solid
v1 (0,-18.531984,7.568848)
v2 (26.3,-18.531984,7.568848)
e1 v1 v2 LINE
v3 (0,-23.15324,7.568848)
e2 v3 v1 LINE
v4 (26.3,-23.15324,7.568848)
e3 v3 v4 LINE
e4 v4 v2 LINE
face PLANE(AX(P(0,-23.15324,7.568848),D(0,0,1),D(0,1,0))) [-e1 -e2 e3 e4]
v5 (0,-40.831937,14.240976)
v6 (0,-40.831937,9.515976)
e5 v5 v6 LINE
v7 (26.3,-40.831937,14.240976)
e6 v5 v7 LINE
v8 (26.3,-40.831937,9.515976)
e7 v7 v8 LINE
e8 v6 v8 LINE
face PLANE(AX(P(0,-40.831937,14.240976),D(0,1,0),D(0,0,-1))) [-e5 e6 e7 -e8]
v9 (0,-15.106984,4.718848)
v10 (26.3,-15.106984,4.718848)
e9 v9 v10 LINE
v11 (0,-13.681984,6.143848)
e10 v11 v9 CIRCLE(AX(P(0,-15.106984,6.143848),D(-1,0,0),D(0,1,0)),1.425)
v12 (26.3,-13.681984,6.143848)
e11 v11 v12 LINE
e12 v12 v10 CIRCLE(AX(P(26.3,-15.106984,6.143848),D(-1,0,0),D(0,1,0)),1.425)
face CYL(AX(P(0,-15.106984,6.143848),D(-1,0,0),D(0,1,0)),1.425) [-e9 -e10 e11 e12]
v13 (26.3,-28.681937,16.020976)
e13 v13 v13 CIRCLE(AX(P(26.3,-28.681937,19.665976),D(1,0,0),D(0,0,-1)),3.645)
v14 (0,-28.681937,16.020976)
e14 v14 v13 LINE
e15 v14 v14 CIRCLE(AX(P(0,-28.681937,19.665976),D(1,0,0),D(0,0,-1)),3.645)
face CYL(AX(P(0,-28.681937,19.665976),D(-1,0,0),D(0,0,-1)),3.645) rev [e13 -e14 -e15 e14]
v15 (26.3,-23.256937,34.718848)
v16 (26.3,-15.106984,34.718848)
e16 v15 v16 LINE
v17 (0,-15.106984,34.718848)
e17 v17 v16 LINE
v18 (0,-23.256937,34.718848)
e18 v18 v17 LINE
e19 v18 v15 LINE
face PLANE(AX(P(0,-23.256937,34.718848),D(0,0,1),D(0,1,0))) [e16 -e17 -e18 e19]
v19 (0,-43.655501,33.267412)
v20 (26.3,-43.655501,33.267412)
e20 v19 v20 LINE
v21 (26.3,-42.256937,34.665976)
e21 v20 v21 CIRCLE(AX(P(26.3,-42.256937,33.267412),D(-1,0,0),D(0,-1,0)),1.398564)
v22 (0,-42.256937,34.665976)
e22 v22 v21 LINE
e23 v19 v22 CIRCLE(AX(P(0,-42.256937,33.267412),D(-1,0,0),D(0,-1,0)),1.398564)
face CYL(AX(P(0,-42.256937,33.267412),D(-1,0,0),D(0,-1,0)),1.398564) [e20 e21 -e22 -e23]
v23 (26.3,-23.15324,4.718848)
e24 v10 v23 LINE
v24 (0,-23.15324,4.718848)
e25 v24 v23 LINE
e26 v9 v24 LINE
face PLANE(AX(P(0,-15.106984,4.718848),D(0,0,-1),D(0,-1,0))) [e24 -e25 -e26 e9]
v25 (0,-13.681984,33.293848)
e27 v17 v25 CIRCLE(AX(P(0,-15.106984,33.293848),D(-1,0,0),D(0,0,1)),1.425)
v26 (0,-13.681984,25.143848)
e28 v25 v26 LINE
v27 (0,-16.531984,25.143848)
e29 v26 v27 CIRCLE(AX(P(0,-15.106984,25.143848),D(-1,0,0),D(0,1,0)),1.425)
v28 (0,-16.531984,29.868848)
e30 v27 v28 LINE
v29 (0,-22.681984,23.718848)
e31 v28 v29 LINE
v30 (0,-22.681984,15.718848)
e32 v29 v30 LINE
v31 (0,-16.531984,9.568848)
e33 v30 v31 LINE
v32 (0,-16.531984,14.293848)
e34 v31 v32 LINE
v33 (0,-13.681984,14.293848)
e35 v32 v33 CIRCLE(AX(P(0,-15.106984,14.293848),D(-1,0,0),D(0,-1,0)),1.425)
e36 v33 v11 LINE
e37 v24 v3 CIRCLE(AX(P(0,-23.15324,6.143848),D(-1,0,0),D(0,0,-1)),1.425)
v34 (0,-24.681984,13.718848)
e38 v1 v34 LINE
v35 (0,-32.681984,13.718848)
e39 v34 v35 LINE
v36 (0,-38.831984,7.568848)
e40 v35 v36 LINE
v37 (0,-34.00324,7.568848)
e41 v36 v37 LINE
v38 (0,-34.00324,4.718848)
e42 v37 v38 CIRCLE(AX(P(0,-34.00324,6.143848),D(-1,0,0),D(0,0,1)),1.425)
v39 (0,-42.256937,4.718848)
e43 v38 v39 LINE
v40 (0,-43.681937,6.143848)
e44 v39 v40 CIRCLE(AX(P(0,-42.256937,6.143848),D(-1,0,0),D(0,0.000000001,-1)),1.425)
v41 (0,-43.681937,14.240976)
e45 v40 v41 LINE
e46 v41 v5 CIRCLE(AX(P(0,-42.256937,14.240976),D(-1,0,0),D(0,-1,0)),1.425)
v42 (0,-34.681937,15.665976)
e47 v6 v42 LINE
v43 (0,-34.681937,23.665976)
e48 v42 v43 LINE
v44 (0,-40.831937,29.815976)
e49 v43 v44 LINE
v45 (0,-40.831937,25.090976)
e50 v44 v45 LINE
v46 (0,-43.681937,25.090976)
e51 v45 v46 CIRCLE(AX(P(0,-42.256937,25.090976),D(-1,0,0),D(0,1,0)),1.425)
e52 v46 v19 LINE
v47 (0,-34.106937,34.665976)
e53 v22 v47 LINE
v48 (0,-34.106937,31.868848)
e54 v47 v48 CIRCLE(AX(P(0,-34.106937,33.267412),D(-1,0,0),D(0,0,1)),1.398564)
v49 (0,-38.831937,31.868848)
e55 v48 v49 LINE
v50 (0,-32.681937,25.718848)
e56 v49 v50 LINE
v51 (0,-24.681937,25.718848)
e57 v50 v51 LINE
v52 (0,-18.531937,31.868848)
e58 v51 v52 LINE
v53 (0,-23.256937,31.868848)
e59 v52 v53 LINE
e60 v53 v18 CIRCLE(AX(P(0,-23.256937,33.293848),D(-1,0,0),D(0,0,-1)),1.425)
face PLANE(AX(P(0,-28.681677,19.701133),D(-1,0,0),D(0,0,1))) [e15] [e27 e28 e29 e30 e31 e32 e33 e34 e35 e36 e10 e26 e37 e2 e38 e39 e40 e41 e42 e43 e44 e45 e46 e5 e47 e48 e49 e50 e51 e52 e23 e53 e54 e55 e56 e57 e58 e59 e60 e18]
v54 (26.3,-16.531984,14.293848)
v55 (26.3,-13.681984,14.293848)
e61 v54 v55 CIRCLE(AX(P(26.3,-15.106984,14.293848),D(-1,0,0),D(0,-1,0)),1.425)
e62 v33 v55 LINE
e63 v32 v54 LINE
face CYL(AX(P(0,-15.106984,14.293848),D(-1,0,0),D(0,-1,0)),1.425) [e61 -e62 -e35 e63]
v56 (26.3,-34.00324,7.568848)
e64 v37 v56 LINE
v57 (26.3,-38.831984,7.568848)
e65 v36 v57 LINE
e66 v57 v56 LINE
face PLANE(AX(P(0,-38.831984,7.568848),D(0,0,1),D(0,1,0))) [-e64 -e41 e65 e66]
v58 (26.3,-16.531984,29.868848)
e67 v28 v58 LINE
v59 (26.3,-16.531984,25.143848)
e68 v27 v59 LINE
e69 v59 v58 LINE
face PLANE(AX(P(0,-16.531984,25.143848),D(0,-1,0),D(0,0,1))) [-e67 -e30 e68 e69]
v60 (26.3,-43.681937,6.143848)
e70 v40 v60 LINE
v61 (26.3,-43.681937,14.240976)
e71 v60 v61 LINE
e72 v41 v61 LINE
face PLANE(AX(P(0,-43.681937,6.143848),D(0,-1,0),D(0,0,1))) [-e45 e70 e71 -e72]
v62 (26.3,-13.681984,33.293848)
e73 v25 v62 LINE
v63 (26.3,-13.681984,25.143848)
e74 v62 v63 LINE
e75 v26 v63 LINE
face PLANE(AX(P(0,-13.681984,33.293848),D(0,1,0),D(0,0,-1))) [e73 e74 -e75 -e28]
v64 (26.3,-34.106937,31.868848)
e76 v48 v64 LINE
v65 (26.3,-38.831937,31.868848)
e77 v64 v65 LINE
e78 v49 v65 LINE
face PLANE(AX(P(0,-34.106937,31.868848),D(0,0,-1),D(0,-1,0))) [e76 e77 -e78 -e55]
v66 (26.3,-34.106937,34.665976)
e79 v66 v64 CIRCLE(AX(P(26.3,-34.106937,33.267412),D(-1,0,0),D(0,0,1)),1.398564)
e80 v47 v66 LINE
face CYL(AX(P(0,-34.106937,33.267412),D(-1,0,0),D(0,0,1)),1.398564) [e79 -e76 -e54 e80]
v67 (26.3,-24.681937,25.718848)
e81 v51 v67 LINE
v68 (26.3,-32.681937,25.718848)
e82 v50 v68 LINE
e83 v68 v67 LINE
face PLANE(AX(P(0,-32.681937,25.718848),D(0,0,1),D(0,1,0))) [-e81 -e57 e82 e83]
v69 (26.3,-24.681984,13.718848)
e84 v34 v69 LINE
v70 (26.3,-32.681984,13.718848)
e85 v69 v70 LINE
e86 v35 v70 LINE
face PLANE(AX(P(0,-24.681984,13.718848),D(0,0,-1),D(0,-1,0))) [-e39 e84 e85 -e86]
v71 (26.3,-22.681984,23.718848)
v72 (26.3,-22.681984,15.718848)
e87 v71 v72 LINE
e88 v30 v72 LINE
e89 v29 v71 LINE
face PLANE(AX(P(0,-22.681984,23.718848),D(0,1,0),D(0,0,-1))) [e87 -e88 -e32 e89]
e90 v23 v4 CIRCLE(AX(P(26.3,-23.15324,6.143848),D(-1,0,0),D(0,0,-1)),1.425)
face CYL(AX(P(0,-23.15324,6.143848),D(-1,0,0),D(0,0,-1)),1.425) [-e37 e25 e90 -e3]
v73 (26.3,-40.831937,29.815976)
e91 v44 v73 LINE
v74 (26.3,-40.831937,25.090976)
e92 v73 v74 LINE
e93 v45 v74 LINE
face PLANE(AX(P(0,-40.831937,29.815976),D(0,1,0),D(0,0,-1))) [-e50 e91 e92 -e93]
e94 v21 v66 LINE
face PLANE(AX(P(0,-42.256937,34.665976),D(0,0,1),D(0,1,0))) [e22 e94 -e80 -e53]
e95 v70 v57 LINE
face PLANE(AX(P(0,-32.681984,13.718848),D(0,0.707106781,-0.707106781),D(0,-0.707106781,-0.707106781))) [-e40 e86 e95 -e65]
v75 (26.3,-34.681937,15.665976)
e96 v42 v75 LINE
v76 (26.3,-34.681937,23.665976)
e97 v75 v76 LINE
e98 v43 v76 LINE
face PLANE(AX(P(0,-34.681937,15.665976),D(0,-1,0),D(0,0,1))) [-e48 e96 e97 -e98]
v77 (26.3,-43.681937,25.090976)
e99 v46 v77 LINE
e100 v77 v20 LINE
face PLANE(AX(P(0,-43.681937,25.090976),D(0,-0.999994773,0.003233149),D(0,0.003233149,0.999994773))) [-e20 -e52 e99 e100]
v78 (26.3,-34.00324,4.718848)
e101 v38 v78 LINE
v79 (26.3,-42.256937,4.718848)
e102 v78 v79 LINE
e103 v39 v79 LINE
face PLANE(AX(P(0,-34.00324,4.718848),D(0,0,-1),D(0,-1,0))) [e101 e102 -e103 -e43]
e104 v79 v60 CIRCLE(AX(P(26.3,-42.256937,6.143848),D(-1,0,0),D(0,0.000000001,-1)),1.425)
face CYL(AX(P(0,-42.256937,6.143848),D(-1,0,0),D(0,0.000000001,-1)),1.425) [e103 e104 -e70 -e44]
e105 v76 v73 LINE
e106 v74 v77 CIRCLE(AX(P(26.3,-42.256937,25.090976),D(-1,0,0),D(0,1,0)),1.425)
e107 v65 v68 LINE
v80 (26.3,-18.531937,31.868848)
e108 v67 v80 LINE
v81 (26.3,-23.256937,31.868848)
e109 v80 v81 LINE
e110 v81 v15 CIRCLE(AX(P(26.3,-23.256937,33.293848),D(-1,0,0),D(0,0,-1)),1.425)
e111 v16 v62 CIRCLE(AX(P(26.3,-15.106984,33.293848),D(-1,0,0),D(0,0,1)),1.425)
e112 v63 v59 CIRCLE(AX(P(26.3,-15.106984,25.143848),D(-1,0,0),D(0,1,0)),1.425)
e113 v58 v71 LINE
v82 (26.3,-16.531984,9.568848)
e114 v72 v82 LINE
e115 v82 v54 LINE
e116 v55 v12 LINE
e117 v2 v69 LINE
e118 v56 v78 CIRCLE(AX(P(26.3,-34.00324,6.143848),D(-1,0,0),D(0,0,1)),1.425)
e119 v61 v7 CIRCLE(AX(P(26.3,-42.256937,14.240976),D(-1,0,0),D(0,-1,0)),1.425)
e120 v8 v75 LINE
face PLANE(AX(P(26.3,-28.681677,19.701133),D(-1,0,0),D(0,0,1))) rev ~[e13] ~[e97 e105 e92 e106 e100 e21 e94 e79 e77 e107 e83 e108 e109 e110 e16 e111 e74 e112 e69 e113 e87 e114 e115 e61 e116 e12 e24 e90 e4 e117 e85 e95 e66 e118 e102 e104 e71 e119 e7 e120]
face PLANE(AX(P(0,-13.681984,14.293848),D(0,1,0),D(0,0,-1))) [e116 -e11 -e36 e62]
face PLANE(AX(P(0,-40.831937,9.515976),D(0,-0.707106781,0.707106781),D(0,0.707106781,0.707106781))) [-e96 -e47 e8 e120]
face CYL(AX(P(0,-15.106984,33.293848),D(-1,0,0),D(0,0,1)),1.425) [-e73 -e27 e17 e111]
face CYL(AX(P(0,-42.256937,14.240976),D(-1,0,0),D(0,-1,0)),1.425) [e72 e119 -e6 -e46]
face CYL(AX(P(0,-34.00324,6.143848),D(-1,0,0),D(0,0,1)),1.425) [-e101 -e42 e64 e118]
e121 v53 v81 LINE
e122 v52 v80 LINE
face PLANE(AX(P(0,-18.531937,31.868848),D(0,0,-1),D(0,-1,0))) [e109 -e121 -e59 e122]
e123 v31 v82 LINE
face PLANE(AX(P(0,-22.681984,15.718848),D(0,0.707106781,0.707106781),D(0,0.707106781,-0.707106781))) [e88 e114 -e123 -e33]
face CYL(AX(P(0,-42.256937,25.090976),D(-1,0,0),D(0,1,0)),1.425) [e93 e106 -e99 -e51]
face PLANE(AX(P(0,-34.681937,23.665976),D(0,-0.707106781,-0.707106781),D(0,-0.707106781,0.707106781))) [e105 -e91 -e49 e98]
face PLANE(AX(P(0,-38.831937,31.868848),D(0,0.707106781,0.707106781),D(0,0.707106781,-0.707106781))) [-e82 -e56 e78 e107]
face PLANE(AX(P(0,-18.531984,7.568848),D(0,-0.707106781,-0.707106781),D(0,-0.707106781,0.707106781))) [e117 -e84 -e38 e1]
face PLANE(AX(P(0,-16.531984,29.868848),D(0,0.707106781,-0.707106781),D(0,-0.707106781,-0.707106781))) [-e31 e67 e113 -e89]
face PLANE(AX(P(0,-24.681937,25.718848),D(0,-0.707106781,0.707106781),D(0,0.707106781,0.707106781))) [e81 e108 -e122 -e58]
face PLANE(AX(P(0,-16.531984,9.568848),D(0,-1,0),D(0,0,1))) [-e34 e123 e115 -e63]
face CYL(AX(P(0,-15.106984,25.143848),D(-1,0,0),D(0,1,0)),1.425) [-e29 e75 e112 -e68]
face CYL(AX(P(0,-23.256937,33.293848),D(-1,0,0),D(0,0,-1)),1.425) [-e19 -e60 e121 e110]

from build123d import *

# Parameters (mm, degrees)
CROQUIS1_R              = 3.645
SALIENTE_EXTRUIR1_DEPTH = 26.3


with BuildPart() as part:
    # Croquis1 → Saliente-Extruir1 (new body)
    with BuildSketch(Plane(origin=(0, 0, 0), x_dir=(0, 0, -1), z_dir=(1, 0, 0))):
        with BuildLine():
            Line((-14.240976213, -40.83193708), (-9.515976213, -40.83193708))
            Line((-9.515976213, -40.83193708), (-15.665976213, -34.68193708))
            Line((-15.665976213, -34.68193708), (-23.665976213, -34.68193708))
            Line((-23.665976213, -34.68193708), (-29.815976213, -40.83193708))
            Line((-29.815976213, -40.83193708), (-25.090976213, -40.83193708))
            ThreePointArc((-25.090976213, -40.83193708), (-23.665976213, -42.25693708), (-25.090976213, -43.68193708))
            Line((-25.090976213, -43.68193708), (-33.267411985, -43.655501308))
            ThreePointArc((-33.267411985, -43.655501308), (-34.256346235, -43.245871329), (-34.665976213, -42.25693708))
            Line((-34.665976213, -42.25693708), (-34.665976213, -34.10693708))
            ThreePointArc((-34.665976213, -34.10693708), (-33.267411985, -32.708372853), (-31.868847758, -34.10693708))
            Line((-31.868847758, -34.10693708), (-31.868847758, -38.83193708))
            Line((-31.868847758, -38.83193708), (-25.718847758, -32.68193708))
            Line((-25.718847758, -32.68193708), (-25.718847758, -24.68193708))
            Line((-25.718847758, -24.68193708), (-31.868847758, -18.53193708))
            Line((-31.868847758, -18.53193708), (-31.868847758, -23.25693708))
            ThreePointArc((-31.868847758, -23.25693708), (-33.293847758, -24.68193708), (-34.718847758, -23.25693708))
            Line((-34.718847758, -23.25693708), (-34.718847758, -15.10698367))
            ThreePointArc((-34.718847758, -15.10698367), (-34.301474921, -14.099356507), (-33.293847758, -13.68198367))
            Line((-33.293847758, -13.68198367), (-25.143847758, -13.68198367))
            ThreePointArc((-25.143847758, -13.68198367), (-23.718847758, -15.10698367), (-25.143847758, -16.53198367))
            Line((-25.143847758, -16.53198367), (-29.868847758, -16.53198367))
            Line((-29.868847758, -16.53198367), (-23.718847758, -22.68198367))
            Line((-23.718847758, -22.68198367), (-15.718847758, -22.68198367))
            Line((-15.718847758, -22.68198367), (-9.568847758, -16.53198367))
            Line((-9.568847758, -16.53198367), (-14.293847758, -16.53198367))
            ThreePointArc((-14.293847758, -16.53198367), (-15.718847758, -15.10698367), (-14.293847758, -13.68198367))
            Line((-14.293847758, -13.68198367), (-6.143847758, -13.68198367))
            ThreePointArc((-6.143847758, -13.68198367), (-5.136220595, -14.099356507), (-4.718847758, -15.10698367))
            Line((-4.718847758, -15.10698367), (-4.718847758, -23.153239985))
            ThreePointArc((-4.718847758, -23.153239985), (-6.143847758, -24.578239985), (-7.568847758, -23.153239985))
            Line((-7.568847758, -23.153239985), (-7.568847758, -18.53198367))
            Line((-7.568847758, -18.53198367), (-13.718847758, -24.68198367))
            Line((-13.718847758, -24.68198367), (-13.718847758, -32.68198367))
            Line((-13.718847758, -32.68198367), (-7.568847758, -38.83198367))
            Line((-7.568847758, -38.83198367), (-7.568847758, -34.003239985))
            ThreePointArc((-7.568847758, -34.003239985), (-6.143847758, -32.578239985), (-4.718847758, -34.003239985))
            Line((-4.718847758, -34.003239985), (-4.718847758, -42.25693708))
            ThreePointArc((-4.718847758, -42.25693708), (-5.136220595, -43.264564244), (-6.143847758, -43.68193708))
            Line((-6.143847758, -43.68193708), (-14.240976213, -43.68193708))
            ThreePointArc((-14.240976213, -43.68193708), (-15.665976213, -42.25693708), (-14.240976213, -40.83193708))
        make_face()
        with Locations((-19.665976213, -28.68193708)):
            Circle(CROQUIS1_R, mode=Mode.SUBTRACT)
    extrude(amount=SALIENTE_EXTRUIR1_DEPTH)


solid = part.part
